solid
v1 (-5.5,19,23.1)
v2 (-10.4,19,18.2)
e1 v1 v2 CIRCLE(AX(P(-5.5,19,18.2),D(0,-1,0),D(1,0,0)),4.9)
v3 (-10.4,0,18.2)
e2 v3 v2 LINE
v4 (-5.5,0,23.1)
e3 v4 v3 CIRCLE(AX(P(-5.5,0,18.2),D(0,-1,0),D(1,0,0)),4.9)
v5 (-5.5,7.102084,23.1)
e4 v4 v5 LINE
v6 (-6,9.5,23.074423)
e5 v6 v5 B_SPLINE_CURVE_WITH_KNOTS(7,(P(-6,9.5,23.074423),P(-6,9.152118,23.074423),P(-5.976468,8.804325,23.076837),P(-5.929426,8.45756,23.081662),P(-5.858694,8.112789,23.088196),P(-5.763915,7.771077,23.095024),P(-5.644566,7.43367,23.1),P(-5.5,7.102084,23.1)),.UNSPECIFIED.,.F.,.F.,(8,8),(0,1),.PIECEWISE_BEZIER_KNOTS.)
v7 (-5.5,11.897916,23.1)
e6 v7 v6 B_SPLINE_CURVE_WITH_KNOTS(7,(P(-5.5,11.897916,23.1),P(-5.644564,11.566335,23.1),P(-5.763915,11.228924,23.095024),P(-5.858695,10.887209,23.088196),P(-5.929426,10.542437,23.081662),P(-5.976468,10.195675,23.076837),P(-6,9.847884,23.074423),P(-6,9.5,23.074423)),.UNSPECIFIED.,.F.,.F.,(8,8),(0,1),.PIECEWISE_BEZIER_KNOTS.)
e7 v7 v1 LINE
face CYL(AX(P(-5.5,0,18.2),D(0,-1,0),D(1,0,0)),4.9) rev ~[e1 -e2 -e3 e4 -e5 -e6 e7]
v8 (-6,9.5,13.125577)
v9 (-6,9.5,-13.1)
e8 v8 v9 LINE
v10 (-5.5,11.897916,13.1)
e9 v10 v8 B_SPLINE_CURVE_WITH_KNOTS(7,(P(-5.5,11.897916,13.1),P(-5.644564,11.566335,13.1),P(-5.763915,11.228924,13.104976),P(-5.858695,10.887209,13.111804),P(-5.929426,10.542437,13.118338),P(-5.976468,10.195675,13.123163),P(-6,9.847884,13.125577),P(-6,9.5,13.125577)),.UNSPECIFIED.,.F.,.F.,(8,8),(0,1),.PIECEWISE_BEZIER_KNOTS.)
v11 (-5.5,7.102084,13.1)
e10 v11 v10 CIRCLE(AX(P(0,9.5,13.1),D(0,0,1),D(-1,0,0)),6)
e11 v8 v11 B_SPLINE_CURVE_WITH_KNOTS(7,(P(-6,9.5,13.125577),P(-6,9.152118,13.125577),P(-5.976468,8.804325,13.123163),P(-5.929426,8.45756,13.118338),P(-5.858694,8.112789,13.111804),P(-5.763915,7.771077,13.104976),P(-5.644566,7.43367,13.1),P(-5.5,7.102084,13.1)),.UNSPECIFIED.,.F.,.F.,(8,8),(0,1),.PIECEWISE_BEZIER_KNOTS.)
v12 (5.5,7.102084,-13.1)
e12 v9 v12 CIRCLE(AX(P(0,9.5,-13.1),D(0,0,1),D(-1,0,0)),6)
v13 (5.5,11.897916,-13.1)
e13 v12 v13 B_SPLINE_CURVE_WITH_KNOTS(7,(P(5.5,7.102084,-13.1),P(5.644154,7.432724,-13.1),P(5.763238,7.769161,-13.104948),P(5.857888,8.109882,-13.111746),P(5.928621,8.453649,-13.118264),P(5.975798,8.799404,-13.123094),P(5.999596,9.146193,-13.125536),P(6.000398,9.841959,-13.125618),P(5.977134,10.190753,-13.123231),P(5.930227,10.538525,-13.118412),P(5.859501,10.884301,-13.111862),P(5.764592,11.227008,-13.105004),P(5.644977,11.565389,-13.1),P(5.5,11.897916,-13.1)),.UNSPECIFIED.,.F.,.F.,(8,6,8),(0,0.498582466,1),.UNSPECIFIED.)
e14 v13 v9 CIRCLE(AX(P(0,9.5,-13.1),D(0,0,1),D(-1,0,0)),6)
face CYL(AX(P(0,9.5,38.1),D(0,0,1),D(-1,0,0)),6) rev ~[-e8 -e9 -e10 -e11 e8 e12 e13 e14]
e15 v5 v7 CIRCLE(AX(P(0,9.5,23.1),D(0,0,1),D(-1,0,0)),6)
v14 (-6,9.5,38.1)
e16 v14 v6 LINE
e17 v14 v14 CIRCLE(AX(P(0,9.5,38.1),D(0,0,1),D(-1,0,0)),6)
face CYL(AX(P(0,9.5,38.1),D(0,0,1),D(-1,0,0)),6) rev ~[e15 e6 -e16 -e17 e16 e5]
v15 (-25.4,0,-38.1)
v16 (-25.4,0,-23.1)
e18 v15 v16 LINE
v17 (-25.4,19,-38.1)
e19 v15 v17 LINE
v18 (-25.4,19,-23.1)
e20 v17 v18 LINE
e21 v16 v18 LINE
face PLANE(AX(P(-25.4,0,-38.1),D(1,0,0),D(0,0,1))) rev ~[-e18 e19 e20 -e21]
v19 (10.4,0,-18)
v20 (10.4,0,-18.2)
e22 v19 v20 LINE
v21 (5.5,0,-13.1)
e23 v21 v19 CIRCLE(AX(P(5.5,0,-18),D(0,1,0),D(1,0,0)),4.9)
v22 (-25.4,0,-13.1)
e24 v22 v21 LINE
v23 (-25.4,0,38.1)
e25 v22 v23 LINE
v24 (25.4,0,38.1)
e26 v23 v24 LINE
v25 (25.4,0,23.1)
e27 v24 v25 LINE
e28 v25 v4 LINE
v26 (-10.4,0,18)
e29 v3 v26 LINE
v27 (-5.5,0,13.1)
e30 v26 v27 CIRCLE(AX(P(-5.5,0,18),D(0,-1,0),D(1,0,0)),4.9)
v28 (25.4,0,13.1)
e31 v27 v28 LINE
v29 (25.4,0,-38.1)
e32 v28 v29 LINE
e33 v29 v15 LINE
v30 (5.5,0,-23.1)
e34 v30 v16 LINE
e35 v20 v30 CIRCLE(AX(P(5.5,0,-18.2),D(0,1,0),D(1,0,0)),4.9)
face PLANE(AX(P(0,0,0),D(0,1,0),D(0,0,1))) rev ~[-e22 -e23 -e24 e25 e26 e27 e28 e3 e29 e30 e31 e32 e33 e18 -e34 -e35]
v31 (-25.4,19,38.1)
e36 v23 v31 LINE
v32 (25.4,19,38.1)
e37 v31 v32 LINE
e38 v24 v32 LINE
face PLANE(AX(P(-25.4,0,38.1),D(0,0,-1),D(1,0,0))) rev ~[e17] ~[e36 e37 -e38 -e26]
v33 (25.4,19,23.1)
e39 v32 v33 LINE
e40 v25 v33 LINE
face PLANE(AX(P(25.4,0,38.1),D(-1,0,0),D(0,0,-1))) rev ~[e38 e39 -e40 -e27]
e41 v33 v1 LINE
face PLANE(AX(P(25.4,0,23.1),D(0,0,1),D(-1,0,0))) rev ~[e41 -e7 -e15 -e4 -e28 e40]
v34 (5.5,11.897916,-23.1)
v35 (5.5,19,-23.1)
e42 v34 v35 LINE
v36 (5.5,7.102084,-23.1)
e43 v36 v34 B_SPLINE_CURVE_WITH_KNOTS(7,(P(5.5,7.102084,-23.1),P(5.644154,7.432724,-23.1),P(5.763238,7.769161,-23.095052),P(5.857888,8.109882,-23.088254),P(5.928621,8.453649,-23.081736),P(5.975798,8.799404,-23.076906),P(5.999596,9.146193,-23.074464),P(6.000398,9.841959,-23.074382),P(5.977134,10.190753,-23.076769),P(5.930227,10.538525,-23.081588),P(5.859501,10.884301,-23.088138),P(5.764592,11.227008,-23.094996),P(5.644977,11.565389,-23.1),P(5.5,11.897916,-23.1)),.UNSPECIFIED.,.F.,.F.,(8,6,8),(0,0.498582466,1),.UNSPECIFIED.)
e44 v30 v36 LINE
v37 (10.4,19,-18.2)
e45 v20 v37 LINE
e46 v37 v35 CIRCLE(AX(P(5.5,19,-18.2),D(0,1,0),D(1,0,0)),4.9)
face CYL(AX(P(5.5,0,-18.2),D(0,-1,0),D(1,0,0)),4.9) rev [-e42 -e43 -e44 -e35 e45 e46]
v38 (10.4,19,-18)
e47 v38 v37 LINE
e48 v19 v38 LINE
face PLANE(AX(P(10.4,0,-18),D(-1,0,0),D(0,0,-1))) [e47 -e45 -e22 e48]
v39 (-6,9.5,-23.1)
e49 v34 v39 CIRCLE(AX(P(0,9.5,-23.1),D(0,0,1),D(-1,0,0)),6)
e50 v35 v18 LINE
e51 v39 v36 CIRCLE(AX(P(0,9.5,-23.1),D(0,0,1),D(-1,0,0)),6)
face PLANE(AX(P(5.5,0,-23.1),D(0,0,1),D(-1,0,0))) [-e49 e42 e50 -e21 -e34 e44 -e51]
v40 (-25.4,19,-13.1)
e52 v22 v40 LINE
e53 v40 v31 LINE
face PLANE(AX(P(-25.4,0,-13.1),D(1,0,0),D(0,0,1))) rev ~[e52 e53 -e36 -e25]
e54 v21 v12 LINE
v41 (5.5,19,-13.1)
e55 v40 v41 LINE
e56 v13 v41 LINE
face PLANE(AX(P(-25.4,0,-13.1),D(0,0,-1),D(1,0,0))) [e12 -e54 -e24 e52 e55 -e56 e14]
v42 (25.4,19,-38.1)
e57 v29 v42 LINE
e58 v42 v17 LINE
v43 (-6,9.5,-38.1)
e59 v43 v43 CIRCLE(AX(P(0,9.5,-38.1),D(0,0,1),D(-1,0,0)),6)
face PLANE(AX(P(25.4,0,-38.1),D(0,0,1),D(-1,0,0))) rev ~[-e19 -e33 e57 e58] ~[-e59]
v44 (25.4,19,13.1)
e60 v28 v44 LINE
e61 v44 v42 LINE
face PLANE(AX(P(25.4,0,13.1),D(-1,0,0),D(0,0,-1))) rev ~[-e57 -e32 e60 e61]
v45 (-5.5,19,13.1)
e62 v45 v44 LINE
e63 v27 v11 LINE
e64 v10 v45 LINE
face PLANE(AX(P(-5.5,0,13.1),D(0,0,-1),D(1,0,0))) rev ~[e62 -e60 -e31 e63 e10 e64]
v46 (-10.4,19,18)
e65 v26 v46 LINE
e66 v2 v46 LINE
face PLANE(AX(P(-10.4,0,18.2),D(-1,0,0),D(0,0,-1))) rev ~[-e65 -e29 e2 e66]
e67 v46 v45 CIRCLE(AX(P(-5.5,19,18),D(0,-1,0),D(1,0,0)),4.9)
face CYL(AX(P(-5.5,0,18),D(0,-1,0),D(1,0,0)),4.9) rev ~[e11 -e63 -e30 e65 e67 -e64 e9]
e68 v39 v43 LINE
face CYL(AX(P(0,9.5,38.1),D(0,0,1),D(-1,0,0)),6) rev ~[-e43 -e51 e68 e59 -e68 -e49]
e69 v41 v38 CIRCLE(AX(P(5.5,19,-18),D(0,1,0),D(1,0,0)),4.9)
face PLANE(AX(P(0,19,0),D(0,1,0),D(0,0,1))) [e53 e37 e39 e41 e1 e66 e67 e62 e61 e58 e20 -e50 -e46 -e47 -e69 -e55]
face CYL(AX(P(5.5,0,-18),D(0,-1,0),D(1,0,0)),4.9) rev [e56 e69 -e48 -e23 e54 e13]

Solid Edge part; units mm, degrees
sketch "Sketch1" plane through (0, 0, 0) normal (0, -1, 0) x (1, 0, 0)
  arc A0 (-5.5, 23.1) -> (-10.4, 18.2) centre (-5.5, 18.2) ccw
  line L0 (-10.4, 18.2) -> (-10.4, 18)
  arc A1 (-10.4, 18) -> (-5.5, 13.1) centre (-5.5, 18) ccw
  line L1 (-5.5, 13.1) -> (25.4, 13.1)
  line L2 (25.4, 13.1) -> (25.4, -38.1)
  line L3 (25.4, -38.1) -> (-25.4, -38.1)
  line L4 (-25.4, -38.1) -> (-25.4, -23.1)
  line L5 (5.5, -23.1) -> (-25.4, -23.1)
  arc A2 (10.4, -18.2) -> (5.5, -23.1) centre (5.5, -18.2) cw
  line L6 (10.4, -18) -> (10.4, -18.2)
  arc A3 (5.5, -13.1) -> (10.4, -18) centre (5.5, -18) cw
  line L7 (-25.4, -13.1) -> (5.5, -13.1)
  line L8 (-25.4, -13.1) -> (-25.4, 38.1)
  line L9 (-25.4, 38.1) -> (25.4, 38.1)
  line L10 (25.4, 38.1) -> (25.4, 23.1)
  line L11 (25.4, 23.1) -> (-5.5, 23.1)
extrude "Protrusion1" add sketch "Sketch1" against normal blind 19
sketch "Sketch2" plane through (0, 9.5, 38.1) normal (0, 0, 1) x (-1, 0, 0)
  circle A0 centre (0, 0) radius 6
extrude "Cutout1" cut sketch "Sketch2" against normal through all
